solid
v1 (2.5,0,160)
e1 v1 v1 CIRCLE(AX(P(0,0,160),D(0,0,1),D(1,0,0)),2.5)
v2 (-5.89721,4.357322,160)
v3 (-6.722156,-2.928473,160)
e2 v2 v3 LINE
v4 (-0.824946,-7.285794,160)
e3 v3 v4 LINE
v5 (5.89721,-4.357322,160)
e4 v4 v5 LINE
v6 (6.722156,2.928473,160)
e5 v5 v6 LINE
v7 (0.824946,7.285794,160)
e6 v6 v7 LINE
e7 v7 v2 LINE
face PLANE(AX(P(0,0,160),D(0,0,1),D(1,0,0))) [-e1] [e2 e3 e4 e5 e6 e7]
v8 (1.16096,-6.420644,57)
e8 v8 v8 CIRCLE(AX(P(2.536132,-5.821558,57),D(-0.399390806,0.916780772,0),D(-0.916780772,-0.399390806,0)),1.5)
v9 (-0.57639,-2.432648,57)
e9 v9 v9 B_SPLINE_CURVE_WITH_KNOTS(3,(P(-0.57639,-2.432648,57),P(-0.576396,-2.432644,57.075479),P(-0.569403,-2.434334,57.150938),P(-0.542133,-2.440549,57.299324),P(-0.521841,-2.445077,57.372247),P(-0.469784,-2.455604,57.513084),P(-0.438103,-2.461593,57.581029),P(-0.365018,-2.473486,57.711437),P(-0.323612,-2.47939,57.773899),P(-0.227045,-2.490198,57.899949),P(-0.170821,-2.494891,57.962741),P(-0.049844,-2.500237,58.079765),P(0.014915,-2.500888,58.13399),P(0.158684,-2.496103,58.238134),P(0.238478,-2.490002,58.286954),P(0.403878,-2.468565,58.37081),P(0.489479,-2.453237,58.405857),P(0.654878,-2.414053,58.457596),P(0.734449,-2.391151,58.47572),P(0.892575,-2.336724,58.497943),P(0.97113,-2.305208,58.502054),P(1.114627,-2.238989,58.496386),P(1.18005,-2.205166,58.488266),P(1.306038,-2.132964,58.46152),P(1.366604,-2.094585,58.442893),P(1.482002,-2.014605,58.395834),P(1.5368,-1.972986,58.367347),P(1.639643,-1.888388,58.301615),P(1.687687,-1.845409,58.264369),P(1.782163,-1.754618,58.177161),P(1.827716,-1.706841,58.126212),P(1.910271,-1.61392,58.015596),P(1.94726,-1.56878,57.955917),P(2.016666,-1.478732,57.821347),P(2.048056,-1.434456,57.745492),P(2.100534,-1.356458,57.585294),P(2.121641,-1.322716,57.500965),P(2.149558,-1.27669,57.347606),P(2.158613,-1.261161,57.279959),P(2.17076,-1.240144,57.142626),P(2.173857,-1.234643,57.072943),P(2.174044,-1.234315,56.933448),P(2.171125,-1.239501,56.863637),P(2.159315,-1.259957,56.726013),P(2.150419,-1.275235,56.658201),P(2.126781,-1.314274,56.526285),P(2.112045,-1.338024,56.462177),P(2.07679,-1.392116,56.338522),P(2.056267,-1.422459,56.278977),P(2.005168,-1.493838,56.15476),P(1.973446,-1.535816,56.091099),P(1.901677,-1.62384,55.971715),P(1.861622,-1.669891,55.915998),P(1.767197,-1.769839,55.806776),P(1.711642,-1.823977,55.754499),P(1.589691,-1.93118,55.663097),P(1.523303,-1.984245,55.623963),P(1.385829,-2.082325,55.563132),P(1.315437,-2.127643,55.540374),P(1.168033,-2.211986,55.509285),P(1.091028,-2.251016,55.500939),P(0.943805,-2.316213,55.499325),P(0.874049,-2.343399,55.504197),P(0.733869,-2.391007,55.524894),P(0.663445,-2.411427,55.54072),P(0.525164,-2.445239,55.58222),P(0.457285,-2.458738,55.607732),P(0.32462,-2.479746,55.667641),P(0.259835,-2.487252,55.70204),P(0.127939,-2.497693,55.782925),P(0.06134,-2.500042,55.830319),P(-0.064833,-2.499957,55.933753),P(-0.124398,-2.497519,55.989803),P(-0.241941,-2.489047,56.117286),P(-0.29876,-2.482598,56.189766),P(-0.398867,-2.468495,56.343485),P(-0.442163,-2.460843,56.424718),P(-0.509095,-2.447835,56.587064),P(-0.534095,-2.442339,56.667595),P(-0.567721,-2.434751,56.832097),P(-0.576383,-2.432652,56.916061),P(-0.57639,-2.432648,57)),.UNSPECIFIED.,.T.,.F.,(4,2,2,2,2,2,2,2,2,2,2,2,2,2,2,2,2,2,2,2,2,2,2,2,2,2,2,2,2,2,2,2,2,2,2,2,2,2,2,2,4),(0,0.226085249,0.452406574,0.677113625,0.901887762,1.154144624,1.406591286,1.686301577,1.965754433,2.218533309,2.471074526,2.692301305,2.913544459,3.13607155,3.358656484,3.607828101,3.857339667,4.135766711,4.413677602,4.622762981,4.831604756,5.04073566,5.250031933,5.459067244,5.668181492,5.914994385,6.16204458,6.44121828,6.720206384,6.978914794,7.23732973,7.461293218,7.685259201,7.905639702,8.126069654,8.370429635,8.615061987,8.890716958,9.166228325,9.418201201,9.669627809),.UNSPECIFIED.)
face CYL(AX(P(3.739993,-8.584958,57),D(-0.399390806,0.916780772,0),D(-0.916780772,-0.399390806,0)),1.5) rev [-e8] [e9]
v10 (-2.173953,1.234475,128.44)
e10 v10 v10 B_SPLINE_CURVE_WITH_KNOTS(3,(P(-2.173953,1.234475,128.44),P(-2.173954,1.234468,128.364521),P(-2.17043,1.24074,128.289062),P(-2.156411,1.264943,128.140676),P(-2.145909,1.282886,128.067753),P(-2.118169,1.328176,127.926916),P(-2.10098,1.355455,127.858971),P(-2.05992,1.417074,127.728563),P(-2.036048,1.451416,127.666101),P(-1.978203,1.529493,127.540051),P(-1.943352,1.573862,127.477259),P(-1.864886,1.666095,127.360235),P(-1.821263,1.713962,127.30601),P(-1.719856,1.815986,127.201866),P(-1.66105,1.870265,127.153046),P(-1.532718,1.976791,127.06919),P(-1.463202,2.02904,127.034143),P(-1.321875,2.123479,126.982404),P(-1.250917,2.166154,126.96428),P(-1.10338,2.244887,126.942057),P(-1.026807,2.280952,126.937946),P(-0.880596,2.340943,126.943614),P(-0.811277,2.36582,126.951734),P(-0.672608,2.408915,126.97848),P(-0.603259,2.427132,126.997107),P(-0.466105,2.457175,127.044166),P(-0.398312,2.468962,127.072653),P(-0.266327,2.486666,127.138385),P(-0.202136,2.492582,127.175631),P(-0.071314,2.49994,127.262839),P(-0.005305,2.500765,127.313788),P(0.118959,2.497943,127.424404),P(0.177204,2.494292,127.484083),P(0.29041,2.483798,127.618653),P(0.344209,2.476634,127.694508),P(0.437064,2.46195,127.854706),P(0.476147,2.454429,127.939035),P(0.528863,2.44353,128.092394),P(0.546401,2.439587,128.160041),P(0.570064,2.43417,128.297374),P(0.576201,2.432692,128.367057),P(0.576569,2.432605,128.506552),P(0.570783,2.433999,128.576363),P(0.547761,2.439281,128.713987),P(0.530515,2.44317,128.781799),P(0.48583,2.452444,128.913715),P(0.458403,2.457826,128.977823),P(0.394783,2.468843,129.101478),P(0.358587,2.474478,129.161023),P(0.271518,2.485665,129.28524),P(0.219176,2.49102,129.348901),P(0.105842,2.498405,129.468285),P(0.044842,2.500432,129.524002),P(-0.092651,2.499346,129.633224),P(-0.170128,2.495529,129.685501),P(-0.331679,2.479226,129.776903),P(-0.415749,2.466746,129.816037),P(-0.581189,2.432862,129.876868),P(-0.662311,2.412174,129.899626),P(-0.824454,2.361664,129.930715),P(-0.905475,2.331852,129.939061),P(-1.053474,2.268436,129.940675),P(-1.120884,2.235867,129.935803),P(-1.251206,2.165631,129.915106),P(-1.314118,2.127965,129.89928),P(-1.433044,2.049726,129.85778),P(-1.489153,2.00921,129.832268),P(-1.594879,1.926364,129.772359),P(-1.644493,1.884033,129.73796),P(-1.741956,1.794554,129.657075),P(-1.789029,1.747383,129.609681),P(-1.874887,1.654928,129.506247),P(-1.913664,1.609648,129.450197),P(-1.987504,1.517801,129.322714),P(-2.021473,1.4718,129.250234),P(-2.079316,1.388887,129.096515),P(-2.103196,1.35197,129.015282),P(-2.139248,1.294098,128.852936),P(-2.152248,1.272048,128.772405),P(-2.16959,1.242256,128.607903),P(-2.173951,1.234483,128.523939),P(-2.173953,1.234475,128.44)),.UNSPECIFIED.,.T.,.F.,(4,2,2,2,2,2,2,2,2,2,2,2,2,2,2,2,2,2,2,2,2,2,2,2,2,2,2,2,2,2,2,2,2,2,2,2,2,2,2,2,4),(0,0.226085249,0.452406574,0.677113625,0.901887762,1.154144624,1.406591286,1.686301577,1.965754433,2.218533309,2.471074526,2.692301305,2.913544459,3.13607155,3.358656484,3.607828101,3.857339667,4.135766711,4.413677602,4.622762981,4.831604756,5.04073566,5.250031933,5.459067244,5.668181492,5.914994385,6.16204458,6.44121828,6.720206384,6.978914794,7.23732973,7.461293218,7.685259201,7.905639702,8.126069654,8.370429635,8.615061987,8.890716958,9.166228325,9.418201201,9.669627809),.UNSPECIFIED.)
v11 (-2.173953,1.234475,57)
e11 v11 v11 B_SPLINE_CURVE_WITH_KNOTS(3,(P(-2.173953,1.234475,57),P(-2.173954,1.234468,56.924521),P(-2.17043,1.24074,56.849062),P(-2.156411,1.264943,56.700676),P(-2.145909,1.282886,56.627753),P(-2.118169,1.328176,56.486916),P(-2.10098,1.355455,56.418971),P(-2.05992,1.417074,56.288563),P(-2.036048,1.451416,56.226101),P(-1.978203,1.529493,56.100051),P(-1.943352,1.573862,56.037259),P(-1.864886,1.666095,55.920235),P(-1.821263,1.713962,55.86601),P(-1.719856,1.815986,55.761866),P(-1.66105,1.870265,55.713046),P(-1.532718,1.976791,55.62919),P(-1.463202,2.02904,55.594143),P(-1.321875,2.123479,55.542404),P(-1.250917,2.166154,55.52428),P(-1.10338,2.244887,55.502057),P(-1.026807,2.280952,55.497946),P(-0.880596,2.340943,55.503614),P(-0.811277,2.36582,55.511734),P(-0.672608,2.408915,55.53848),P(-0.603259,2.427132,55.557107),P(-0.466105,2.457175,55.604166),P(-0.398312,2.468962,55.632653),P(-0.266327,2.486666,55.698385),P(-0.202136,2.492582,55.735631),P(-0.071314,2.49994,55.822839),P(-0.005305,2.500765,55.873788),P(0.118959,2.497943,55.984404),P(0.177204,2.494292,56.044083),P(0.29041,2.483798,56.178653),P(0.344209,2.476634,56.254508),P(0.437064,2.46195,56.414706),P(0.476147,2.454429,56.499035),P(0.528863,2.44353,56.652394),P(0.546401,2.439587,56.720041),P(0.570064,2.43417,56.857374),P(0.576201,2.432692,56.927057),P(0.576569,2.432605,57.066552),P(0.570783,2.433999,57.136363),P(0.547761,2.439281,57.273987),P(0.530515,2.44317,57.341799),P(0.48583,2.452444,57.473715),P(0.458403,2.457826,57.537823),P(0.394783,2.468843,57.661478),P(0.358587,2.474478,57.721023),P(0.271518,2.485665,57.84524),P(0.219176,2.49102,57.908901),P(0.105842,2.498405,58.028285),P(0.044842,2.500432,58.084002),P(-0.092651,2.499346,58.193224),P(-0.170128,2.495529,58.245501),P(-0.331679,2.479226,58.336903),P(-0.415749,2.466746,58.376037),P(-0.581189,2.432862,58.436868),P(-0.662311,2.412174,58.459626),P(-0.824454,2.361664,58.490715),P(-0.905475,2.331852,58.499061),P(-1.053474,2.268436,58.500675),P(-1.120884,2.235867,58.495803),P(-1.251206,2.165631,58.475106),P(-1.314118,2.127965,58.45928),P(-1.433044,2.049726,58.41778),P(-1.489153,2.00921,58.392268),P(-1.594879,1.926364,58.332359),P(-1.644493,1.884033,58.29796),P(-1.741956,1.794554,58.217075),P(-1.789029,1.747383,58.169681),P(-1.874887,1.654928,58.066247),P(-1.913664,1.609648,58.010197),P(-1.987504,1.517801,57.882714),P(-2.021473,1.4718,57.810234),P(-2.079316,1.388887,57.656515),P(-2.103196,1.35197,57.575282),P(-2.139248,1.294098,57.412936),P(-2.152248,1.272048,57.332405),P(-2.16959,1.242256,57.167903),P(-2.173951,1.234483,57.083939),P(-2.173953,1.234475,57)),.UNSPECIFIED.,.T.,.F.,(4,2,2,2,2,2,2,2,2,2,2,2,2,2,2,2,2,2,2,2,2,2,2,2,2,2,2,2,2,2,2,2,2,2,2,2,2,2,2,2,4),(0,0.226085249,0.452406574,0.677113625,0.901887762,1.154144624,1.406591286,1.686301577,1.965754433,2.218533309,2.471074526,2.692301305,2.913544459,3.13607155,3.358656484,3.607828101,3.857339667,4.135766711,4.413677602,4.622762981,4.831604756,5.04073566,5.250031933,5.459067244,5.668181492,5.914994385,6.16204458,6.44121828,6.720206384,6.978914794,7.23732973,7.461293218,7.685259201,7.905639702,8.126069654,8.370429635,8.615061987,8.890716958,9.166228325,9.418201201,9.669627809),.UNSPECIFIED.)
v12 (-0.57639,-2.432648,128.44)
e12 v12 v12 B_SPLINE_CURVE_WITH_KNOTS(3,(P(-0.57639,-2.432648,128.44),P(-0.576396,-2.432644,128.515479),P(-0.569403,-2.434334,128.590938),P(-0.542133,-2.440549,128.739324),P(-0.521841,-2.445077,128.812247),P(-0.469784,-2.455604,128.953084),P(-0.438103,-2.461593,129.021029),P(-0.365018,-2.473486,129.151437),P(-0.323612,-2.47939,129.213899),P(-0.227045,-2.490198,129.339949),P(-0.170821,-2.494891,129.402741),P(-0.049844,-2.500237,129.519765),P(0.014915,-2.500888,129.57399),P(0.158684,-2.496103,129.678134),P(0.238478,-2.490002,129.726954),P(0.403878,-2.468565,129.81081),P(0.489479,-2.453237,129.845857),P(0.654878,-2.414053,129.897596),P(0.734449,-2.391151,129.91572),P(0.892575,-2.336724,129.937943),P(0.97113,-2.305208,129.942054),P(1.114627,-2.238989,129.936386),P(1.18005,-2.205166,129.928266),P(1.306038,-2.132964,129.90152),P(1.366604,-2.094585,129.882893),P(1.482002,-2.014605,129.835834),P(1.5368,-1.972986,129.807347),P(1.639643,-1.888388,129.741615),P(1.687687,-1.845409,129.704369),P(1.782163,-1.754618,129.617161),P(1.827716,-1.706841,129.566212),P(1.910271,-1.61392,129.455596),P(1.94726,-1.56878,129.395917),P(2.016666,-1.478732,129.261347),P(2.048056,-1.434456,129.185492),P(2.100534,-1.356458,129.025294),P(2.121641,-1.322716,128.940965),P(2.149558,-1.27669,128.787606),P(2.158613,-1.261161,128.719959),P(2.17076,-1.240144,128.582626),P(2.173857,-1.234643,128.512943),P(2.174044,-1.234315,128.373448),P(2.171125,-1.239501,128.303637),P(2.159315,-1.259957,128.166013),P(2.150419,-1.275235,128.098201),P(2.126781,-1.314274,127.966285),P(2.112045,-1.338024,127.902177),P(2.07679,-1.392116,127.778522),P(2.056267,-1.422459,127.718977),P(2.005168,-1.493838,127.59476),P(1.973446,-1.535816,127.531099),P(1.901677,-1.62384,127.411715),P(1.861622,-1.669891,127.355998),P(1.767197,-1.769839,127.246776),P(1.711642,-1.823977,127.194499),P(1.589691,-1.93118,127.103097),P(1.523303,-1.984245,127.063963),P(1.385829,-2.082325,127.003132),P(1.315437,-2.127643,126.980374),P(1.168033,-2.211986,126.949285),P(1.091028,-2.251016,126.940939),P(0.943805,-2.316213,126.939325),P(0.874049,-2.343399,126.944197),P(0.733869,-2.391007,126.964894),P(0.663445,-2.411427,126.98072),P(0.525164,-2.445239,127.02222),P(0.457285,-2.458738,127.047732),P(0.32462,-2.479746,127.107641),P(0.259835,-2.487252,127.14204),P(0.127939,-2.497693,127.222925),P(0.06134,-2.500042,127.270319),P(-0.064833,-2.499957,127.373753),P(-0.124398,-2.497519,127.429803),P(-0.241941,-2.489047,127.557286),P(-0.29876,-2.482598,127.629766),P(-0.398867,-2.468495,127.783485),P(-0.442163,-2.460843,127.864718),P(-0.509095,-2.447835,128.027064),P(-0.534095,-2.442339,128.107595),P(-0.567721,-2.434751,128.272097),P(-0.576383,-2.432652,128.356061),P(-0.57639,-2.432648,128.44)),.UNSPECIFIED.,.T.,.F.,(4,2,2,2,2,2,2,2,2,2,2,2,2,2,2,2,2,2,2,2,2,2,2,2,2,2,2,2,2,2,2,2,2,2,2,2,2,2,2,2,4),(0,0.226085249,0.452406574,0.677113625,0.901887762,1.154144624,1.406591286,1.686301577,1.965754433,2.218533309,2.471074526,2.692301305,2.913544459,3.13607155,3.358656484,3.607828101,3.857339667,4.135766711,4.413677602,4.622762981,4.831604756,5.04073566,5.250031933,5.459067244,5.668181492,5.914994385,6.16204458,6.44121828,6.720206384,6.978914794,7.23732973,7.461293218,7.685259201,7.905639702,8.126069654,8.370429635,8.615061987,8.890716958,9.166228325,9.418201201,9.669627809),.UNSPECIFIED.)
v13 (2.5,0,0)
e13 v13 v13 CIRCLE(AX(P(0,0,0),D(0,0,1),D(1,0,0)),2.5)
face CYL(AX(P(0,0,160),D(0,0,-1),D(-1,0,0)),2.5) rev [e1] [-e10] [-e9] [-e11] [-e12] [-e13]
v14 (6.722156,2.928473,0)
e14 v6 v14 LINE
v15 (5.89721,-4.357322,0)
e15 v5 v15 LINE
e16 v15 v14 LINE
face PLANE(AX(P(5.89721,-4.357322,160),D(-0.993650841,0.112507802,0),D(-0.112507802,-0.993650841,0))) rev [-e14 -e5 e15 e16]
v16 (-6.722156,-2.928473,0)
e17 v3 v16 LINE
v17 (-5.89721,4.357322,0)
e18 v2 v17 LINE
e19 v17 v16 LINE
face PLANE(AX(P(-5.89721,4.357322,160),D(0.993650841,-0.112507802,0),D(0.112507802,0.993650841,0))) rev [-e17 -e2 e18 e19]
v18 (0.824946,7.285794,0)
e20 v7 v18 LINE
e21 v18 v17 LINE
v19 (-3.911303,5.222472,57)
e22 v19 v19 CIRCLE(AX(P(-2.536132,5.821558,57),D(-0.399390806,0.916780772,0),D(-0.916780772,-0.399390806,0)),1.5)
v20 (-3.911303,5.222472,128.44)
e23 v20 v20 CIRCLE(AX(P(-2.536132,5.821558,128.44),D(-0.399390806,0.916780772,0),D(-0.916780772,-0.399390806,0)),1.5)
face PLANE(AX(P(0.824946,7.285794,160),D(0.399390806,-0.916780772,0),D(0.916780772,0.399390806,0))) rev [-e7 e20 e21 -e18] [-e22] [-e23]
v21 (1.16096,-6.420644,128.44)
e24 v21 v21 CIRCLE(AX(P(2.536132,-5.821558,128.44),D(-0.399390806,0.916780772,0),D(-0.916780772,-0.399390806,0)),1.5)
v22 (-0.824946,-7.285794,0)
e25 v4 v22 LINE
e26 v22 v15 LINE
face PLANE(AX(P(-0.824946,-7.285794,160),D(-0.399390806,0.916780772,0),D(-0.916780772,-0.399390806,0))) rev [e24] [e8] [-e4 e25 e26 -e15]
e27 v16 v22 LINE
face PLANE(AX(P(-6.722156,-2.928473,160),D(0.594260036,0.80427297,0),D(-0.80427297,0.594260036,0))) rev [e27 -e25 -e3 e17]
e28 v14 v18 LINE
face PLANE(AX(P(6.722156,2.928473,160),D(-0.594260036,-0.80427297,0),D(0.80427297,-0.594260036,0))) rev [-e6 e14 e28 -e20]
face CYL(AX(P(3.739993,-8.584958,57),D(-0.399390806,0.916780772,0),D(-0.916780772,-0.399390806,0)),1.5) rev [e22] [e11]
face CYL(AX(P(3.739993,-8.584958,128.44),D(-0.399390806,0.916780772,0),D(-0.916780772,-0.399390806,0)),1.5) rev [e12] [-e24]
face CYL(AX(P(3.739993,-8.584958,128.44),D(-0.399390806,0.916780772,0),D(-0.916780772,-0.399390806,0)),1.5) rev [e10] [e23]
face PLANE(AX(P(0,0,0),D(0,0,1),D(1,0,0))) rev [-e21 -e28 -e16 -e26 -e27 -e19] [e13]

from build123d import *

# Parameters (mm, degrees)
ESBO_O1_R                = 2.5
RESSALTO_EXTRUS_O1_DEPTH = 160
ESBO_O2_R                = 1.5
CORTE_EXTRUS_O1_DEPTH    = 16.714243329
ESBO_O3_R                = 1.5
CORTE_EXTRUS_O2_DEPTH    = 16.714243329


with BuildPart() as part:
    # Esboço1 → Ressalto-extrusão1 (new body)
    with BuildSketch(Plane.XY):
        Polygon((5.897209639, -4.357321633), (6.722156046, 2.928472542), (0.824946407, 7.285794175), (-5.897209639, 4.357321633), (-6.722156046, -2.928472542), (-0.824946407, -7.285794175), align=None)
        Circle(ESBO_O1_R, mode=Mode.SUBTRACT)
    extrude(amount=RESSALTO_EXTRUS_O1_DEPTH)

    # Esboço2 → Corte-extrusão1 (cut, through all)
    with BuildSketch(Plane(origin=(-2.536131616, 5.821557904, 0), x_dir=(0.916780772, 0.399390806, 0), z_dir=(-0.399390806, 0.916780772, 0))):
        with Locations((0, -57)):
            Circle(ESBO_O2_R)
    extrude(amount=-CORTE_EXTRUS_O1_DEPTH, mode=Mode.SUBTRACT)

    # Esboço3 → Corte-extrusão2 (cut, through all)
    with BuildSketch(Plane(origin=(-2.536131616, 5.821557904, 0), x_dir=(0.916780772, 0.399390806, 0), z_dir=(-0.399390806, 0.916780772, 0))):
        with Locations((0, -128.44)):
            Circle(ESBO_O3_R)
    extrude(amount=-CORTE_EXTRUS_O2_DEPTH, mode=Mode.SUBTRACT)


solid = part.part
